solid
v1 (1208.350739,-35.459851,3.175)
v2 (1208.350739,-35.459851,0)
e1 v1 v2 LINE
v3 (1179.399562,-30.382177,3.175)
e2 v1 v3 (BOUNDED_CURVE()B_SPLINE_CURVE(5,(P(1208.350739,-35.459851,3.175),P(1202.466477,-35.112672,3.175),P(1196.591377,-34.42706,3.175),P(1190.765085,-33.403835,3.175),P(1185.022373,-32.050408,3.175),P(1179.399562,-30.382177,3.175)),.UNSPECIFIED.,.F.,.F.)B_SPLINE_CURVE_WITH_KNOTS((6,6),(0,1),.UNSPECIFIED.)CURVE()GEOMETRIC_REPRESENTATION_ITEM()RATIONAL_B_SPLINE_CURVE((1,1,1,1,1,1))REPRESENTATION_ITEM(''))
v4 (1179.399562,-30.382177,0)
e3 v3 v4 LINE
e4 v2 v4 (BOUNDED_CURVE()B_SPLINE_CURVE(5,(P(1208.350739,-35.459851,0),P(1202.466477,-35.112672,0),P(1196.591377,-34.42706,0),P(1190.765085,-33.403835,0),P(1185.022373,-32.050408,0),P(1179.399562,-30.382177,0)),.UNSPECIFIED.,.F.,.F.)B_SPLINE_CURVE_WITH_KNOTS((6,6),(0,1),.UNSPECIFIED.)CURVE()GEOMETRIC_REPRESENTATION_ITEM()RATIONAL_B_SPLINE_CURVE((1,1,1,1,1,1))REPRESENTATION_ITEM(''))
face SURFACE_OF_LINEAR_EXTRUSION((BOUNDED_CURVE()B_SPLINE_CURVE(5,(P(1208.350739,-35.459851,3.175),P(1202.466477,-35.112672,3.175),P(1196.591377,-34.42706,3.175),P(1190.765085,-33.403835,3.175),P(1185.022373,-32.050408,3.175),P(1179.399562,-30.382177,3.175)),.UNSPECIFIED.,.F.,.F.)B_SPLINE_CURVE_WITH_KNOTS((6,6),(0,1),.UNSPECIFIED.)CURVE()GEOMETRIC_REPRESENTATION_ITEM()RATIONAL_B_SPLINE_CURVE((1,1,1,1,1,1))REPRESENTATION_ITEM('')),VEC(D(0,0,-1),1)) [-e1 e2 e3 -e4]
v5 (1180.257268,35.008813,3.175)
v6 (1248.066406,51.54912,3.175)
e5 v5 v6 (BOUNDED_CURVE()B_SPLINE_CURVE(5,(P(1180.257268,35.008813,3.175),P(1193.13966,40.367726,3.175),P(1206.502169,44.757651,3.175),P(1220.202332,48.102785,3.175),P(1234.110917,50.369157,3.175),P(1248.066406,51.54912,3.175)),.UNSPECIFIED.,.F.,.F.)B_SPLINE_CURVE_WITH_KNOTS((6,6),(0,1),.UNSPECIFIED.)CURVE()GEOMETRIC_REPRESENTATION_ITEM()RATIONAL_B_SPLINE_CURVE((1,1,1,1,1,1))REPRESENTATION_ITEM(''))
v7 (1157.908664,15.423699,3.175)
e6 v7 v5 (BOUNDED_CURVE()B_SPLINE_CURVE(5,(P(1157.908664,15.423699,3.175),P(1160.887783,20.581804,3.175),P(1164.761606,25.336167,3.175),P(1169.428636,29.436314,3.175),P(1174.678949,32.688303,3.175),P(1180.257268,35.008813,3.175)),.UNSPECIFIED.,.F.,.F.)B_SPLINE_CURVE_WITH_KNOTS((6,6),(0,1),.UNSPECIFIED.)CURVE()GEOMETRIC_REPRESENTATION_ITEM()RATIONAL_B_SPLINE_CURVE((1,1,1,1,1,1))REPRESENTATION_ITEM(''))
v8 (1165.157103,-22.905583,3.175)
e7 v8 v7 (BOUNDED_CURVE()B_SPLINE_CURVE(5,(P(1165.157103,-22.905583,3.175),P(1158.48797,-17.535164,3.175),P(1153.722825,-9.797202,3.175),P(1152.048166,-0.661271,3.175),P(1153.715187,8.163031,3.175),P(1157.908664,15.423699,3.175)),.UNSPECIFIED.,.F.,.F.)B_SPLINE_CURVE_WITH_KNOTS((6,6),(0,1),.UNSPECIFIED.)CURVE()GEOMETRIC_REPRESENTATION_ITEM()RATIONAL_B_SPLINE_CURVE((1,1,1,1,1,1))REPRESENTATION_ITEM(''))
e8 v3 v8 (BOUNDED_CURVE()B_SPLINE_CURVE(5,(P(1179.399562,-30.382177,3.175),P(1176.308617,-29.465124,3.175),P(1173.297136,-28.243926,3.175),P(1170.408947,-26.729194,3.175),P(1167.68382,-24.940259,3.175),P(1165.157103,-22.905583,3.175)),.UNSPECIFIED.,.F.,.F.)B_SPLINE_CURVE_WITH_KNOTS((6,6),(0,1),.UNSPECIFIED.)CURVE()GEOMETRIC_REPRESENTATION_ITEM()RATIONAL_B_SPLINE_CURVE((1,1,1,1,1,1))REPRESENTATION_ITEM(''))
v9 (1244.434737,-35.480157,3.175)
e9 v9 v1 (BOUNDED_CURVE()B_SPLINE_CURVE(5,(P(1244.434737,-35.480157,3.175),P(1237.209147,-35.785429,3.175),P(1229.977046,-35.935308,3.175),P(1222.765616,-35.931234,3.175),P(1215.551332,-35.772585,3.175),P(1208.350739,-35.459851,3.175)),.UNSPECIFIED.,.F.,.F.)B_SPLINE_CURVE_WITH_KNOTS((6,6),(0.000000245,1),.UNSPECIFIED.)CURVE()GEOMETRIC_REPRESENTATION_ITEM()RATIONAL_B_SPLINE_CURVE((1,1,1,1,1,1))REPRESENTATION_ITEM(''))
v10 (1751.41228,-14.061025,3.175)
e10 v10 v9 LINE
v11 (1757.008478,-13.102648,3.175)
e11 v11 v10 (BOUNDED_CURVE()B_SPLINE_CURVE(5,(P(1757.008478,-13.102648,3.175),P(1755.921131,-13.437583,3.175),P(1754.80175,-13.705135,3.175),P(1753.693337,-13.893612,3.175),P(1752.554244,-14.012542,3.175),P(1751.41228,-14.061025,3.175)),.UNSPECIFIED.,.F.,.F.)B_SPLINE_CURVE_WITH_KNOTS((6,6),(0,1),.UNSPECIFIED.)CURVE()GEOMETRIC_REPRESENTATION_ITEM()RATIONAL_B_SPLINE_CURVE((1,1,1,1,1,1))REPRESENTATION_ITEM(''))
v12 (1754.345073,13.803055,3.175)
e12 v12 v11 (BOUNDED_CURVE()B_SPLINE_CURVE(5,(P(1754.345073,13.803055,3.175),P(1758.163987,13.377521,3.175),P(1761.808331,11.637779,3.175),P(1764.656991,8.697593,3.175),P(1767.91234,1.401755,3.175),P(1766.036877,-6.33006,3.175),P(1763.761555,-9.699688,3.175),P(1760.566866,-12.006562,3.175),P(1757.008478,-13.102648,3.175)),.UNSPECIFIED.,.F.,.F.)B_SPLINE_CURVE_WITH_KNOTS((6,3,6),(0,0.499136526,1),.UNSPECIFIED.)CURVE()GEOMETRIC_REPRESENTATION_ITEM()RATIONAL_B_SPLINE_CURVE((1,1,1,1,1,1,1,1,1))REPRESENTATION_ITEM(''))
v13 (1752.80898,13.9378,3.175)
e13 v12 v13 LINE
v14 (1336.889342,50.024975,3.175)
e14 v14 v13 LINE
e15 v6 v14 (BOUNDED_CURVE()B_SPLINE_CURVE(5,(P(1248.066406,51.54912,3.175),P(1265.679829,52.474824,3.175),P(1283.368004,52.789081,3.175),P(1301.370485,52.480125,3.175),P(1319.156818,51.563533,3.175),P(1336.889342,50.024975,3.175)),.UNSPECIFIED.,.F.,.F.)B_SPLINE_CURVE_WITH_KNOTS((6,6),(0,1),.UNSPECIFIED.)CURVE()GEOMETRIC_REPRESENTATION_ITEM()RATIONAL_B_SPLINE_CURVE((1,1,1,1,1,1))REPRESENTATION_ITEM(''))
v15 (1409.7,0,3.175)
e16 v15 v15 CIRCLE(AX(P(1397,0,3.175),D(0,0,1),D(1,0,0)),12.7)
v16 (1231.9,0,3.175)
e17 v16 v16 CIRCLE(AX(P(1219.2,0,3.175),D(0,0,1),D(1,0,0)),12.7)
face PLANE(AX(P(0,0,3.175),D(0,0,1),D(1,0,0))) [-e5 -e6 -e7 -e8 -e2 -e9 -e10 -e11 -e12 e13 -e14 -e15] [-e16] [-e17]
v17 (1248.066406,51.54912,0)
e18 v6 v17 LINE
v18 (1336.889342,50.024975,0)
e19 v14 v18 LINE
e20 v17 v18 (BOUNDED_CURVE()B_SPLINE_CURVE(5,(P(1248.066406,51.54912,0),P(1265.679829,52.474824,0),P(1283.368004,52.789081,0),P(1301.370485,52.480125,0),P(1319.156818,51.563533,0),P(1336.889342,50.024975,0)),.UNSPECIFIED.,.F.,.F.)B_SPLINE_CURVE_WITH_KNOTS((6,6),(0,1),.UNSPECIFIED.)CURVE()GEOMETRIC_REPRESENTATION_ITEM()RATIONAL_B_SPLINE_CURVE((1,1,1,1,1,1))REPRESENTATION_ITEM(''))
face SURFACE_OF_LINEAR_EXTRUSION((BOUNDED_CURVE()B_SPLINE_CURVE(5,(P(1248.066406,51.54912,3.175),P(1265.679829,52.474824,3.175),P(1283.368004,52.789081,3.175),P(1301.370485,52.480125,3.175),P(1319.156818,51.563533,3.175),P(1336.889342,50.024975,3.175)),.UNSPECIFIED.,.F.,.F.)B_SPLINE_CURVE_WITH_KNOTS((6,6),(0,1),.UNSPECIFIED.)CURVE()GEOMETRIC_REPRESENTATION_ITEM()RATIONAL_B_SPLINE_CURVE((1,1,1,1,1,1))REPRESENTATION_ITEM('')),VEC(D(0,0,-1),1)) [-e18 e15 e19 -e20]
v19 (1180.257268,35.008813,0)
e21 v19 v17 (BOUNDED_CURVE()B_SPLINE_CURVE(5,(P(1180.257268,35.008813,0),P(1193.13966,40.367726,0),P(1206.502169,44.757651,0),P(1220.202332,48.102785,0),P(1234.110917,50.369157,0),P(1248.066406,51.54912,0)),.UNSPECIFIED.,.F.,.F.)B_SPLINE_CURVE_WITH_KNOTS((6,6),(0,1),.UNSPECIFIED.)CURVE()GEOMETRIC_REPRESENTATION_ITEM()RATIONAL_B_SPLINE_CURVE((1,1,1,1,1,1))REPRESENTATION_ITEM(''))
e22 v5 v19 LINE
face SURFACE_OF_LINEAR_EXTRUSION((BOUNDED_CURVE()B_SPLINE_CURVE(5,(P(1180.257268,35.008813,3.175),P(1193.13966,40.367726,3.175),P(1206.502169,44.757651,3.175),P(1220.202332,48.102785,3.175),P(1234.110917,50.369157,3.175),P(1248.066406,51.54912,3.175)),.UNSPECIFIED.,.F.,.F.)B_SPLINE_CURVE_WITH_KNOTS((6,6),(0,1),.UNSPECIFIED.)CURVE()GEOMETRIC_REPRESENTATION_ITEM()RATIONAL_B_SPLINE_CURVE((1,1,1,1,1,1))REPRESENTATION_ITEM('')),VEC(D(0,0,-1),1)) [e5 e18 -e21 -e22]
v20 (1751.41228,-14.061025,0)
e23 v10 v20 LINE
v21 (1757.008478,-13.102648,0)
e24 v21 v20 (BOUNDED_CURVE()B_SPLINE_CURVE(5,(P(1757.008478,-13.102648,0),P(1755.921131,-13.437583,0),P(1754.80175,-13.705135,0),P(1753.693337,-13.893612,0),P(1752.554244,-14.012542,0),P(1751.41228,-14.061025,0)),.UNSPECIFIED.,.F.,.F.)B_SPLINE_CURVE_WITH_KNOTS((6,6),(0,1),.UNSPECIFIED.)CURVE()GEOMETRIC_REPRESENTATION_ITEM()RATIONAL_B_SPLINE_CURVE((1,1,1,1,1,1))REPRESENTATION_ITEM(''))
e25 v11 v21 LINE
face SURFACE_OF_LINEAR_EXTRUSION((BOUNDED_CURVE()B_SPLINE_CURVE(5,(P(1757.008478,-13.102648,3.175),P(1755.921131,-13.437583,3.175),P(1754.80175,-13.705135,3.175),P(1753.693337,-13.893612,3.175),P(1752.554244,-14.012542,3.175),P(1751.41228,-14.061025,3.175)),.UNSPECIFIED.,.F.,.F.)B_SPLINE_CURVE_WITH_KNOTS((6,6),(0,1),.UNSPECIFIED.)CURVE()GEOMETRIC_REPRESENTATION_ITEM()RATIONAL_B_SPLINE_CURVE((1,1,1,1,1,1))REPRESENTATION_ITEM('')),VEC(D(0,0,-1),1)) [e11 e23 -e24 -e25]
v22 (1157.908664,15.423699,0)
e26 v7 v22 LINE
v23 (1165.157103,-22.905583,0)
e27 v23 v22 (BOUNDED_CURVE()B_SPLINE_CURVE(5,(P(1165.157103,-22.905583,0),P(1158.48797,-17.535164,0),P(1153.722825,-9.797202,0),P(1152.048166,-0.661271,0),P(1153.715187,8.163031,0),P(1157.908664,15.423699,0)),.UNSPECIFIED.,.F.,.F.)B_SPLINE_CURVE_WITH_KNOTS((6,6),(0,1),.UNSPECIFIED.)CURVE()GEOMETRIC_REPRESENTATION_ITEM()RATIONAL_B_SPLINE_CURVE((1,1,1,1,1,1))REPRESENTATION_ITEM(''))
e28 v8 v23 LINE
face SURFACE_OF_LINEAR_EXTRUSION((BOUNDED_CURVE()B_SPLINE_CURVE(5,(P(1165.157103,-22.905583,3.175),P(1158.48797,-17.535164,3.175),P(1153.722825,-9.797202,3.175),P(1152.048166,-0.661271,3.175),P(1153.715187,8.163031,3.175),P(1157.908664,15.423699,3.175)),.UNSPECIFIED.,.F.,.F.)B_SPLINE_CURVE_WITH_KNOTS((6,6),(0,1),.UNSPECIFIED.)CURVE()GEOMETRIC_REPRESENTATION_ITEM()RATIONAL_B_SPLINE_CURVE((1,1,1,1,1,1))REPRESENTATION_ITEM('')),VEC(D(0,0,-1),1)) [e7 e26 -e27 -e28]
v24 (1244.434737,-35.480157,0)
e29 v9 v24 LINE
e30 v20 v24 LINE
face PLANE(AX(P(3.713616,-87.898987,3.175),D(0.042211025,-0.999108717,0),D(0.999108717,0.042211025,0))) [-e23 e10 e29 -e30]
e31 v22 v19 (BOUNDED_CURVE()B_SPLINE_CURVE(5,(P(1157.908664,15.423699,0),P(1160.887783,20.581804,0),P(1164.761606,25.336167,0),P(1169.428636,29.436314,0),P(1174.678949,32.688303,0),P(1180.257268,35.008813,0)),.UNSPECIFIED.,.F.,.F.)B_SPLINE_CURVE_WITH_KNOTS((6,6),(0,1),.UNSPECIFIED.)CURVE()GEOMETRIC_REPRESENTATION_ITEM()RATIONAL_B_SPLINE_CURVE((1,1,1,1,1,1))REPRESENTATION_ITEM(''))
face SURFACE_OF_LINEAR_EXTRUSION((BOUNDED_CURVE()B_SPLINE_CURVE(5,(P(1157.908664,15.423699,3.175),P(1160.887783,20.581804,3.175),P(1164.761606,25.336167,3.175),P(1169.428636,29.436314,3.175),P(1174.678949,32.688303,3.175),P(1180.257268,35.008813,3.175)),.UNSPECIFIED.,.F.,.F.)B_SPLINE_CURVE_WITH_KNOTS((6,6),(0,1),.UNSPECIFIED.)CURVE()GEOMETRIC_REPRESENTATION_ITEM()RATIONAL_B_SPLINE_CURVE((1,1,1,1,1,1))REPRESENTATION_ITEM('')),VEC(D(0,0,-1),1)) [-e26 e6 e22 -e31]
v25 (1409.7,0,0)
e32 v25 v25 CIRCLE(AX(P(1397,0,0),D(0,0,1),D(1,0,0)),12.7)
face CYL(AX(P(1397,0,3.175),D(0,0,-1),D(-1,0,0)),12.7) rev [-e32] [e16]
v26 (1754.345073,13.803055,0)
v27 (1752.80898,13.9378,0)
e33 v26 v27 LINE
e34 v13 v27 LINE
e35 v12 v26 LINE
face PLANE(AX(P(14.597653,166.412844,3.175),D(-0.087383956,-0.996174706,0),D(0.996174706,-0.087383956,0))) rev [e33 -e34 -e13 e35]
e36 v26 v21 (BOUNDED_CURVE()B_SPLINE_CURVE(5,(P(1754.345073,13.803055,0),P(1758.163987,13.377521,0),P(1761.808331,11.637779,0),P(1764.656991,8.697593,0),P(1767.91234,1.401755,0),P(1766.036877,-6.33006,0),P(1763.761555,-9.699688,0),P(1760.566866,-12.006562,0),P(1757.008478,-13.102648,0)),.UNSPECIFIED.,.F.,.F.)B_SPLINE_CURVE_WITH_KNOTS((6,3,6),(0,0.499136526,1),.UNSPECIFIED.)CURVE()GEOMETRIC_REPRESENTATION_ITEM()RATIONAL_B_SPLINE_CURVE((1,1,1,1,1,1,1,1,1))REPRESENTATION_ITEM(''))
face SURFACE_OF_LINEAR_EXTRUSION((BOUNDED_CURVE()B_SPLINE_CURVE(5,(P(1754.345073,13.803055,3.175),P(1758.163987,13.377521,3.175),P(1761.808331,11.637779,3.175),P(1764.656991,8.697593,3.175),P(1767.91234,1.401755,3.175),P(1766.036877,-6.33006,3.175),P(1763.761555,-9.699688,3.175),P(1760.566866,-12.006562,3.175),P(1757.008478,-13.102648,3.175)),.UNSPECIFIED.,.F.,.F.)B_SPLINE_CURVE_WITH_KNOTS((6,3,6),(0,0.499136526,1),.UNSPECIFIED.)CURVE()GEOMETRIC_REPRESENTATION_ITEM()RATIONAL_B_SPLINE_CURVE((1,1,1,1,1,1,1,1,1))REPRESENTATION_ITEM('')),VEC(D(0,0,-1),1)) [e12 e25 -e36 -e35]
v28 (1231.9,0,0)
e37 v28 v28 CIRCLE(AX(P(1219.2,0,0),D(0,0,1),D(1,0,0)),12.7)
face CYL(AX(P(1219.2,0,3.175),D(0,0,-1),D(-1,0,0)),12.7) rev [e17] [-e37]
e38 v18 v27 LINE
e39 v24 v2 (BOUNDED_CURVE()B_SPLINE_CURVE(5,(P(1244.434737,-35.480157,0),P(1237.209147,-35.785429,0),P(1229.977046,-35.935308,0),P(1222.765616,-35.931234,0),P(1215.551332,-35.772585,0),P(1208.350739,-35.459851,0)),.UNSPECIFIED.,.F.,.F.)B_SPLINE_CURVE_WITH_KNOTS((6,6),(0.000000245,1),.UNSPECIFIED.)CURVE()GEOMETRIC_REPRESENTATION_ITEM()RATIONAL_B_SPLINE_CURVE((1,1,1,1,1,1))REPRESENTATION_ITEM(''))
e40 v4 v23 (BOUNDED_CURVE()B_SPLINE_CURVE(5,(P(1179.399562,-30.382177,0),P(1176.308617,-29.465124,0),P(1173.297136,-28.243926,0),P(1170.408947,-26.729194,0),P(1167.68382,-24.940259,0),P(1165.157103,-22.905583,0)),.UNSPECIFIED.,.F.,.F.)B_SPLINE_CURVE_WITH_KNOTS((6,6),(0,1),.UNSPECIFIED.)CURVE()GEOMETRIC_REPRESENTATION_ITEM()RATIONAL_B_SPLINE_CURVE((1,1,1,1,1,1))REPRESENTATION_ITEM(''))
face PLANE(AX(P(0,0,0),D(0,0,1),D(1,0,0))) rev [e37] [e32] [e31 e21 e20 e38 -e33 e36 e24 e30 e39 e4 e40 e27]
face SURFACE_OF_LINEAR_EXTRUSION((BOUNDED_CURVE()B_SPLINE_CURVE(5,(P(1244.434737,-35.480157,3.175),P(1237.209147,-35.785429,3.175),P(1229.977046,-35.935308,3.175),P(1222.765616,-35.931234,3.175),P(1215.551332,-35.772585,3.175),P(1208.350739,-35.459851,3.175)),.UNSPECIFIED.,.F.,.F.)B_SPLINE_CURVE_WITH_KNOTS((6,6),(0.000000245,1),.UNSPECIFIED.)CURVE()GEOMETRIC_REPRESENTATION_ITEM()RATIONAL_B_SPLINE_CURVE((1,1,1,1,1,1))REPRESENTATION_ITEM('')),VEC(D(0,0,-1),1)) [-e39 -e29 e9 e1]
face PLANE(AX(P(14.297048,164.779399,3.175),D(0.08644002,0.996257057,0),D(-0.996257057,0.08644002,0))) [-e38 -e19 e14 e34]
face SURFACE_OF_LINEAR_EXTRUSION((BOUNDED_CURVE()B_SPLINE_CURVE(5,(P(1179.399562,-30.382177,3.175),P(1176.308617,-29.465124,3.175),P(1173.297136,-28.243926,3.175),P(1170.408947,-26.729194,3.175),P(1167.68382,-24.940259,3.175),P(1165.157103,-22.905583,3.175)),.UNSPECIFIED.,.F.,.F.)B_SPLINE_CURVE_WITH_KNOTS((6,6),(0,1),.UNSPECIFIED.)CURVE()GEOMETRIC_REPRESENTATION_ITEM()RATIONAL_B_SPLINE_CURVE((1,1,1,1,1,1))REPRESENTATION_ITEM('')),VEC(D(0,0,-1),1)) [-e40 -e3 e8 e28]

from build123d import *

# Parameters (mm, degrees)
SKETCH1_R           = 12.7
BOSS_EXTRUDE1_DEPTH = 3.175


with BuildPart() as part:
    # Sketch1 → Boss-Extrude1 (new body)
    with BuildSketch(Plane.XY):
        with BuildLine():
            add(Edge.make_bspline(
                [(1180.257267692, 35.008813197), (1193.139660075, 40.367726318), (1206.502168928, 44.757651465), (1220.202331731, 48.102785241), (1234.110916593, 50.369156642), (1248.066405738, 51.549120089)],
                knots=[0, 0, 0, 0, 0, 0, 1, 1, 1, 1, 1, 1], degree=5, weights=[1, 1, 1, 1, 1, 1]))
            add(Edge.make_bspline(
                [(1248.066405738, 51.549120089), (1265.679828886, 52.474823917), (1283.368004198, 52.789080637), (1301.370484818, 52.480125285), (1319.15681764, 51.563533118), (1336.889341522, 50.02497466)],
                knots=[0, 0, 0, 0, 0, 0, 1, 1, 1, 1, 1, 1], degree=5, weights=[1, 1, 1, 1, 1, 1]))
            Line((1336.889341522, 50.02497466), (1752.808980038, 13.93780041))
            Line((1752.808980038, 13.93780041), (1754.345072535, 13.803055131))
            add(Edge.make_bspline(
                [(1754.345072535, 13.803055131), (1758.163986963, 13.377520973), (1761.808331334, 11.637779034), (1764.656991405, 8.697593334), (1767.912340295, 1.401754935), (1766.036876744, -6.330059827), (1763.761554618, -9.699687787), (1760.566866313, -12.006562455), (1757.008478216, -13.102648357)],
                knots=[0, 0, 0, 0, 0, 0, 0.499136526, 0.499136526, 0.499136526, 1, 1, 1, 1, 1, 1], degree=5, weights=[1, 1, 1, 1, 1, 1, 1, 1, 1]))
            add(Edge.make_bspline(
                [(1757.008478216, -13.102648357), (1755.921130701, -13.437582626), (1754.801749829, -13.705134636), (1753.693337404, -13.893612086), (1752.554243561, -14.012542135), (1751.412280363, -14.061025297)],
                knots=[0, 0, 0, 0, 0, 0, 1, 1, 1, 1, 1, 1], degree=5, weights=[1, 1, 1, 1, 1, 1]))
            Line((1751.412280363, -14.061025297), (1244.434737181, -35.48015746))
            add(Edge.make_bspline(
                [(1244.434737181, -35.48015746), (1237.20914689, -35.785429122), (1229.977046286, -35.935307578), (1222.765615669, -35.931234225), (1215.551331729, -35.772585361), (1208.350739251, -35.45985118)],
                knots=[2.45e-07, 2.45e-07, 2.45e-07, 2.45e-07, 2.45e-07, 2.45e-07, 1, 1, 1, 1, 1, 1], degree=5, weights=[1, 1, 1, 1, 1, 1]))
            add(Edge.make_bspline(
                [(1208.350739251, -35.45985118), (1202.466477316, -35.112672095), (1196.591377285, -34.427059535), (1190.765084976, -33.40383537), (1185.022373471, -32.050408368), (1179.399562393, -30.382176523)],
                knots=[0, 0, 0, 0, 0, 0, 1, 1, 1, 1, 1, 1], degree=5, weights=[1, 1, 1, 1, 1, 1]))
            add(Edge.make_bspline(
                [(1179.399562393, -30.382176523), (1176.308617194, -29.465123967), (1173.297136008, -28.243926124), (1170.408947138, -26.729193922), (1167.683819714, -24.940258655), (1165.157103336, -22.905582819)],
                knots=[0, 0, 0, 0, 0, 0, 1, 1, 1, 1, 1, 1], degree=5, weights=[1, 1, 1, 1, 1, 1]))
            add(Edge.make_bspline(
                [(1165.157103336, -22.905582819), (1158.48797036, -17.53516411), (1153.722824671, -9.797202261), (1152.048165632, -0.661270673), (1153.715186732, 8.163030967), (1157.908663687, 15.423698563)],
                knots=[0, 0, 0, 0, 0, 0, 1, 1, 1, 1, 1, 1], degree=5, weights=[1, 1, 1, 1, 1, 1]))
            add(Edge.make_bspline(
                [(1157.908663687, 15.423698563), (1160.887782958, 20.581804011), (1164.761606365, 25.336166686), (1169.428635805, 29.436314437), (1174.678948991, 32.688303087), (1180.257267692, 35.008813197)],
                knots=[0, 0, 0, 0, 0, 0, 1, 1, 1, 1, 1, 1], degree=5, weights=[1, 1, 1, 1, 1, 1]))
        make_face()
        with Locations((1397, 0)):
            Circle(SKETCH1_R, mode=Mode.SUBTRACT)
        with Locations((1219.2, 0)):
            Circle(SKETCH1_R, mode=Mode.SUBTRACT)
    extrude(amount=BOSS_EXTRUDE1_DEPTH)


solid = part.part
